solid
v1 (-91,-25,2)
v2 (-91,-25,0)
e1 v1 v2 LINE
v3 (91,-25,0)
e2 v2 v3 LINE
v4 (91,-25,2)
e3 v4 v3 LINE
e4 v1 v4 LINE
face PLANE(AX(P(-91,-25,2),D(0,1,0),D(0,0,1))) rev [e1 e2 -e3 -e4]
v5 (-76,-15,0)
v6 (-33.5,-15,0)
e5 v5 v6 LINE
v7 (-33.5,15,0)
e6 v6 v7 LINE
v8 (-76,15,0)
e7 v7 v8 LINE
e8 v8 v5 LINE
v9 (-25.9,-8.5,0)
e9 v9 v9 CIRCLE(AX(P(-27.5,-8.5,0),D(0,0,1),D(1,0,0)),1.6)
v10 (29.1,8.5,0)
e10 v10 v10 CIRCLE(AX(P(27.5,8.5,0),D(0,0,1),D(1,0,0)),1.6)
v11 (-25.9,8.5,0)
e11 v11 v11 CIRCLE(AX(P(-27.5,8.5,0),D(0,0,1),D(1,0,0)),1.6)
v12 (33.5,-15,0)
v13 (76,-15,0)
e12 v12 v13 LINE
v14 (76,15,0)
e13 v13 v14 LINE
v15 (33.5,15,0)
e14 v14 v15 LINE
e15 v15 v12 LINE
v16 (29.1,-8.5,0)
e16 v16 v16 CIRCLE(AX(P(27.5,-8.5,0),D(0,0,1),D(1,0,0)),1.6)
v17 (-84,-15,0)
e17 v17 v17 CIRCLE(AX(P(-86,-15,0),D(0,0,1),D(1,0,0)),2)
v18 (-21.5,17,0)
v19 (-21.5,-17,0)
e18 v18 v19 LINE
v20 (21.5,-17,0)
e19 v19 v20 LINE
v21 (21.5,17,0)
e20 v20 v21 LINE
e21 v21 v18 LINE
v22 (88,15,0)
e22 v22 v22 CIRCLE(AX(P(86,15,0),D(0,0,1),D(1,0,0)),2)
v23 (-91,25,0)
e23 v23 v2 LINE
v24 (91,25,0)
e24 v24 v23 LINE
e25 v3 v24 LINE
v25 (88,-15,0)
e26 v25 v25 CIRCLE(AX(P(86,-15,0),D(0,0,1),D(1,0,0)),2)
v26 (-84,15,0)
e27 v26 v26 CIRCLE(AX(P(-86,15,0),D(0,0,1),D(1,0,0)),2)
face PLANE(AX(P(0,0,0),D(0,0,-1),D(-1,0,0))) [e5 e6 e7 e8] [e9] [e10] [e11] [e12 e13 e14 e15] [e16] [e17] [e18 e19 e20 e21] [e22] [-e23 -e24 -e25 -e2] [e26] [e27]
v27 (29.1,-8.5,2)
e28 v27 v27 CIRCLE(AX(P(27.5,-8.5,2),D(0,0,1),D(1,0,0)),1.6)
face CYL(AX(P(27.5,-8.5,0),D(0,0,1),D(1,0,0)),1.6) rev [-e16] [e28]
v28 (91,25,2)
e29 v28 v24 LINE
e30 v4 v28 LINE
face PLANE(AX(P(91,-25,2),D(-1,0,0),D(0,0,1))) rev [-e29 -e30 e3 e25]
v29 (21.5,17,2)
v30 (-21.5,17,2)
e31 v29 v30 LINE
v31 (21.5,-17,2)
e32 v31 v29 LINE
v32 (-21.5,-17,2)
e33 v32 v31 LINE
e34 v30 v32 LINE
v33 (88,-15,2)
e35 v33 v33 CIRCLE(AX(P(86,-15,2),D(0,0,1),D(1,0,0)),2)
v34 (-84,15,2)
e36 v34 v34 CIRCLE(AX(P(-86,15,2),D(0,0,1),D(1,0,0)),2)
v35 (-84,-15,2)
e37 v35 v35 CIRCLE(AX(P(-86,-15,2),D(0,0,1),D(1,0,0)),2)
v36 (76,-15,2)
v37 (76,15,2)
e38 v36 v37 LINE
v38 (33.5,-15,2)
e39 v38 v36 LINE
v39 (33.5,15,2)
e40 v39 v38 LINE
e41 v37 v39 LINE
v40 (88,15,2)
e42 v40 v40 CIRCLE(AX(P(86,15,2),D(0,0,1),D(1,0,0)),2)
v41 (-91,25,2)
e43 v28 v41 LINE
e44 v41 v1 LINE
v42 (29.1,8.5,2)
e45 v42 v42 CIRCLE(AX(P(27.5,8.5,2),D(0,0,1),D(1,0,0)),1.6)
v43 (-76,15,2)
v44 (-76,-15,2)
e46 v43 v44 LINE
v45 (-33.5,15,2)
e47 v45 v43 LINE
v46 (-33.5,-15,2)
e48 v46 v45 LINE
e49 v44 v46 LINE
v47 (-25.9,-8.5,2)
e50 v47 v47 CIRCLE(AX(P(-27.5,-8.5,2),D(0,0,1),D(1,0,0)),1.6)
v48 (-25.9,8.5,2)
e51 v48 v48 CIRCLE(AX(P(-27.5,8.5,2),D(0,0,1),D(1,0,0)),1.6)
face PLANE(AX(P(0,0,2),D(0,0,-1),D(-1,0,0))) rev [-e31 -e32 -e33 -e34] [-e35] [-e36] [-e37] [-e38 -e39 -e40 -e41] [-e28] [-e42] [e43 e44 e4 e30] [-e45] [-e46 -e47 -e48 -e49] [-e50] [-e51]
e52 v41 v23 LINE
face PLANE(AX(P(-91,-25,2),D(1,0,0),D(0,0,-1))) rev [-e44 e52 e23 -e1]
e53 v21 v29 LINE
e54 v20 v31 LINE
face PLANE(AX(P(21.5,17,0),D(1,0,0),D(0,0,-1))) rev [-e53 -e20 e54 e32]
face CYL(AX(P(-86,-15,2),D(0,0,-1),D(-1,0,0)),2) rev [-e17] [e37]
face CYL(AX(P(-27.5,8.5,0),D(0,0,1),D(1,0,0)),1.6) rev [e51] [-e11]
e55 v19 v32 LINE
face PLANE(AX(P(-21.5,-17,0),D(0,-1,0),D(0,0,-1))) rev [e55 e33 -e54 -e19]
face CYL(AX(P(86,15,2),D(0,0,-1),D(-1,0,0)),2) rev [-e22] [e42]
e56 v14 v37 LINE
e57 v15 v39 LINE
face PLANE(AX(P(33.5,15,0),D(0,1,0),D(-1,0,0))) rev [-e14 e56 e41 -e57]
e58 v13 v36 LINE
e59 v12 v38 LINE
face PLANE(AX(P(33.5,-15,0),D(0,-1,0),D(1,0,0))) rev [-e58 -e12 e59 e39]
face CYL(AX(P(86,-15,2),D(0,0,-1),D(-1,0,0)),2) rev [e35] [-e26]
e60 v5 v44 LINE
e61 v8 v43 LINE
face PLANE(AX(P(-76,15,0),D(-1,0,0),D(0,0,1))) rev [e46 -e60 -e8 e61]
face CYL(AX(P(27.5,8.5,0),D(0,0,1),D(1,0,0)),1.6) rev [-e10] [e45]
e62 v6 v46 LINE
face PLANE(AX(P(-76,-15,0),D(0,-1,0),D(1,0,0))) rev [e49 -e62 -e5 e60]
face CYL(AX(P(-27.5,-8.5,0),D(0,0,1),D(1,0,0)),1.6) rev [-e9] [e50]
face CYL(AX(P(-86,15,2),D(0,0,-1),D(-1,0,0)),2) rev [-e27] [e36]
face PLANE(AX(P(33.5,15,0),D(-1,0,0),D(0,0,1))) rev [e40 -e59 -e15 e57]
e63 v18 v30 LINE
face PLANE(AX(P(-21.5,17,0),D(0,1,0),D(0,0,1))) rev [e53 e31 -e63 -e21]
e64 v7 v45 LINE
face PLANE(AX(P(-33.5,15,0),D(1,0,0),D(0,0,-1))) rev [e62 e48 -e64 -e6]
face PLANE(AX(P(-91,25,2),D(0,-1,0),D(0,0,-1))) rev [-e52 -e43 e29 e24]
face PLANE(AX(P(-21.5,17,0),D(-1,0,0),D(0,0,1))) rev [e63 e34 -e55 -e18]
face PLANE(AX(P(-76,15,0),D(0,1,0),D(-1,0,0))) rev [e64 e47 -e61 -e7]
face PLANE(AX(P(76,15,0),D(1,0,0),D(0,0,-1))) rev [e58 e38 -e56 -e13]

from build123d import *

# Parameters (mm, degrees)
SKETCH_1_W          = 182
SKETCH_1_H          = 50
SKETCH_1_R          = 2
EXTRUDE_1_DEPTH     = 2
SKETCH_2_R          = 1.6
CUT_EXTRUDE_1_DEPTH = 95.392796335
SKETCH_3_W          = 43
SKETCH_3_H          = 34
SKETCH_3_W_2        = 42.5
SKETCH_3_H_2        = 30
CUT_EXTRUDE_2_DEPTH = 95.392796335


with BuildPart() as part:
    # 草图1 → 凸台-拉伸1 (new body)
    with BuildSketch(Plane.XY):
        Rectangle(SKETCH_1_W, SKETCH_1_H)
        with Locations((-86, 15)):
            Circle(SKETCH_1_R, mode=Mode.SUBTRACT)
        with Locations((86, 15)):
            Circle(SKETCH_1_R, mode=Mode.SUBTRACT)
        with Locations((-86, -15)):
            Circle(SKETCH_1_R, mode=Mode.SUBTRACT)
        with Locations((86, -15)):
            Circle(SKETCH_1_R, mode=Mode.SUBTRACT)
    extrude(amount=EXTRUDE_1_DEPTH)

    # 草图2 → 切除-拉伸1 (cut, through all)
    with BuildSketch(Plane.XY.offset(2)):
        with Locations((-27.5, 8.5)):
            Circle(SKETCH_2_R)
        with Locations((-27.5, -8.5)):
            Circle(SKETCH_2_R)
        with Locations((27.5, 8.5)):
            Circle(SKETCH_2_R)
        with Locations((27.5, -8.5)):
            Circle(SKETCH_2_R)
    extrude(amount=-CUT_EXTRUDE_1_DEPTH, mode=Mode.SUBTRACT)

    # 草图3 → 切除-拉伸2 (cut, through all)
    with BuildSketch(Plane.XY.offset(2)):
        Rectangle(SKETCH_3_W, SKETCH_3_H)
        with Locations((-54.75, 0)):
            Rectangle(SKETCH_3_W_2, SKETCH_3_H_2)
        with Locations((54.75, 0)):
            Rectangle(SKETCH_3_W_2, SKETCH_3_H_2)
    extrude(amount=-CUT_EXTRUDE_2_DEPTH, mode=Mode.SUBTRACT)


solid = part.part
